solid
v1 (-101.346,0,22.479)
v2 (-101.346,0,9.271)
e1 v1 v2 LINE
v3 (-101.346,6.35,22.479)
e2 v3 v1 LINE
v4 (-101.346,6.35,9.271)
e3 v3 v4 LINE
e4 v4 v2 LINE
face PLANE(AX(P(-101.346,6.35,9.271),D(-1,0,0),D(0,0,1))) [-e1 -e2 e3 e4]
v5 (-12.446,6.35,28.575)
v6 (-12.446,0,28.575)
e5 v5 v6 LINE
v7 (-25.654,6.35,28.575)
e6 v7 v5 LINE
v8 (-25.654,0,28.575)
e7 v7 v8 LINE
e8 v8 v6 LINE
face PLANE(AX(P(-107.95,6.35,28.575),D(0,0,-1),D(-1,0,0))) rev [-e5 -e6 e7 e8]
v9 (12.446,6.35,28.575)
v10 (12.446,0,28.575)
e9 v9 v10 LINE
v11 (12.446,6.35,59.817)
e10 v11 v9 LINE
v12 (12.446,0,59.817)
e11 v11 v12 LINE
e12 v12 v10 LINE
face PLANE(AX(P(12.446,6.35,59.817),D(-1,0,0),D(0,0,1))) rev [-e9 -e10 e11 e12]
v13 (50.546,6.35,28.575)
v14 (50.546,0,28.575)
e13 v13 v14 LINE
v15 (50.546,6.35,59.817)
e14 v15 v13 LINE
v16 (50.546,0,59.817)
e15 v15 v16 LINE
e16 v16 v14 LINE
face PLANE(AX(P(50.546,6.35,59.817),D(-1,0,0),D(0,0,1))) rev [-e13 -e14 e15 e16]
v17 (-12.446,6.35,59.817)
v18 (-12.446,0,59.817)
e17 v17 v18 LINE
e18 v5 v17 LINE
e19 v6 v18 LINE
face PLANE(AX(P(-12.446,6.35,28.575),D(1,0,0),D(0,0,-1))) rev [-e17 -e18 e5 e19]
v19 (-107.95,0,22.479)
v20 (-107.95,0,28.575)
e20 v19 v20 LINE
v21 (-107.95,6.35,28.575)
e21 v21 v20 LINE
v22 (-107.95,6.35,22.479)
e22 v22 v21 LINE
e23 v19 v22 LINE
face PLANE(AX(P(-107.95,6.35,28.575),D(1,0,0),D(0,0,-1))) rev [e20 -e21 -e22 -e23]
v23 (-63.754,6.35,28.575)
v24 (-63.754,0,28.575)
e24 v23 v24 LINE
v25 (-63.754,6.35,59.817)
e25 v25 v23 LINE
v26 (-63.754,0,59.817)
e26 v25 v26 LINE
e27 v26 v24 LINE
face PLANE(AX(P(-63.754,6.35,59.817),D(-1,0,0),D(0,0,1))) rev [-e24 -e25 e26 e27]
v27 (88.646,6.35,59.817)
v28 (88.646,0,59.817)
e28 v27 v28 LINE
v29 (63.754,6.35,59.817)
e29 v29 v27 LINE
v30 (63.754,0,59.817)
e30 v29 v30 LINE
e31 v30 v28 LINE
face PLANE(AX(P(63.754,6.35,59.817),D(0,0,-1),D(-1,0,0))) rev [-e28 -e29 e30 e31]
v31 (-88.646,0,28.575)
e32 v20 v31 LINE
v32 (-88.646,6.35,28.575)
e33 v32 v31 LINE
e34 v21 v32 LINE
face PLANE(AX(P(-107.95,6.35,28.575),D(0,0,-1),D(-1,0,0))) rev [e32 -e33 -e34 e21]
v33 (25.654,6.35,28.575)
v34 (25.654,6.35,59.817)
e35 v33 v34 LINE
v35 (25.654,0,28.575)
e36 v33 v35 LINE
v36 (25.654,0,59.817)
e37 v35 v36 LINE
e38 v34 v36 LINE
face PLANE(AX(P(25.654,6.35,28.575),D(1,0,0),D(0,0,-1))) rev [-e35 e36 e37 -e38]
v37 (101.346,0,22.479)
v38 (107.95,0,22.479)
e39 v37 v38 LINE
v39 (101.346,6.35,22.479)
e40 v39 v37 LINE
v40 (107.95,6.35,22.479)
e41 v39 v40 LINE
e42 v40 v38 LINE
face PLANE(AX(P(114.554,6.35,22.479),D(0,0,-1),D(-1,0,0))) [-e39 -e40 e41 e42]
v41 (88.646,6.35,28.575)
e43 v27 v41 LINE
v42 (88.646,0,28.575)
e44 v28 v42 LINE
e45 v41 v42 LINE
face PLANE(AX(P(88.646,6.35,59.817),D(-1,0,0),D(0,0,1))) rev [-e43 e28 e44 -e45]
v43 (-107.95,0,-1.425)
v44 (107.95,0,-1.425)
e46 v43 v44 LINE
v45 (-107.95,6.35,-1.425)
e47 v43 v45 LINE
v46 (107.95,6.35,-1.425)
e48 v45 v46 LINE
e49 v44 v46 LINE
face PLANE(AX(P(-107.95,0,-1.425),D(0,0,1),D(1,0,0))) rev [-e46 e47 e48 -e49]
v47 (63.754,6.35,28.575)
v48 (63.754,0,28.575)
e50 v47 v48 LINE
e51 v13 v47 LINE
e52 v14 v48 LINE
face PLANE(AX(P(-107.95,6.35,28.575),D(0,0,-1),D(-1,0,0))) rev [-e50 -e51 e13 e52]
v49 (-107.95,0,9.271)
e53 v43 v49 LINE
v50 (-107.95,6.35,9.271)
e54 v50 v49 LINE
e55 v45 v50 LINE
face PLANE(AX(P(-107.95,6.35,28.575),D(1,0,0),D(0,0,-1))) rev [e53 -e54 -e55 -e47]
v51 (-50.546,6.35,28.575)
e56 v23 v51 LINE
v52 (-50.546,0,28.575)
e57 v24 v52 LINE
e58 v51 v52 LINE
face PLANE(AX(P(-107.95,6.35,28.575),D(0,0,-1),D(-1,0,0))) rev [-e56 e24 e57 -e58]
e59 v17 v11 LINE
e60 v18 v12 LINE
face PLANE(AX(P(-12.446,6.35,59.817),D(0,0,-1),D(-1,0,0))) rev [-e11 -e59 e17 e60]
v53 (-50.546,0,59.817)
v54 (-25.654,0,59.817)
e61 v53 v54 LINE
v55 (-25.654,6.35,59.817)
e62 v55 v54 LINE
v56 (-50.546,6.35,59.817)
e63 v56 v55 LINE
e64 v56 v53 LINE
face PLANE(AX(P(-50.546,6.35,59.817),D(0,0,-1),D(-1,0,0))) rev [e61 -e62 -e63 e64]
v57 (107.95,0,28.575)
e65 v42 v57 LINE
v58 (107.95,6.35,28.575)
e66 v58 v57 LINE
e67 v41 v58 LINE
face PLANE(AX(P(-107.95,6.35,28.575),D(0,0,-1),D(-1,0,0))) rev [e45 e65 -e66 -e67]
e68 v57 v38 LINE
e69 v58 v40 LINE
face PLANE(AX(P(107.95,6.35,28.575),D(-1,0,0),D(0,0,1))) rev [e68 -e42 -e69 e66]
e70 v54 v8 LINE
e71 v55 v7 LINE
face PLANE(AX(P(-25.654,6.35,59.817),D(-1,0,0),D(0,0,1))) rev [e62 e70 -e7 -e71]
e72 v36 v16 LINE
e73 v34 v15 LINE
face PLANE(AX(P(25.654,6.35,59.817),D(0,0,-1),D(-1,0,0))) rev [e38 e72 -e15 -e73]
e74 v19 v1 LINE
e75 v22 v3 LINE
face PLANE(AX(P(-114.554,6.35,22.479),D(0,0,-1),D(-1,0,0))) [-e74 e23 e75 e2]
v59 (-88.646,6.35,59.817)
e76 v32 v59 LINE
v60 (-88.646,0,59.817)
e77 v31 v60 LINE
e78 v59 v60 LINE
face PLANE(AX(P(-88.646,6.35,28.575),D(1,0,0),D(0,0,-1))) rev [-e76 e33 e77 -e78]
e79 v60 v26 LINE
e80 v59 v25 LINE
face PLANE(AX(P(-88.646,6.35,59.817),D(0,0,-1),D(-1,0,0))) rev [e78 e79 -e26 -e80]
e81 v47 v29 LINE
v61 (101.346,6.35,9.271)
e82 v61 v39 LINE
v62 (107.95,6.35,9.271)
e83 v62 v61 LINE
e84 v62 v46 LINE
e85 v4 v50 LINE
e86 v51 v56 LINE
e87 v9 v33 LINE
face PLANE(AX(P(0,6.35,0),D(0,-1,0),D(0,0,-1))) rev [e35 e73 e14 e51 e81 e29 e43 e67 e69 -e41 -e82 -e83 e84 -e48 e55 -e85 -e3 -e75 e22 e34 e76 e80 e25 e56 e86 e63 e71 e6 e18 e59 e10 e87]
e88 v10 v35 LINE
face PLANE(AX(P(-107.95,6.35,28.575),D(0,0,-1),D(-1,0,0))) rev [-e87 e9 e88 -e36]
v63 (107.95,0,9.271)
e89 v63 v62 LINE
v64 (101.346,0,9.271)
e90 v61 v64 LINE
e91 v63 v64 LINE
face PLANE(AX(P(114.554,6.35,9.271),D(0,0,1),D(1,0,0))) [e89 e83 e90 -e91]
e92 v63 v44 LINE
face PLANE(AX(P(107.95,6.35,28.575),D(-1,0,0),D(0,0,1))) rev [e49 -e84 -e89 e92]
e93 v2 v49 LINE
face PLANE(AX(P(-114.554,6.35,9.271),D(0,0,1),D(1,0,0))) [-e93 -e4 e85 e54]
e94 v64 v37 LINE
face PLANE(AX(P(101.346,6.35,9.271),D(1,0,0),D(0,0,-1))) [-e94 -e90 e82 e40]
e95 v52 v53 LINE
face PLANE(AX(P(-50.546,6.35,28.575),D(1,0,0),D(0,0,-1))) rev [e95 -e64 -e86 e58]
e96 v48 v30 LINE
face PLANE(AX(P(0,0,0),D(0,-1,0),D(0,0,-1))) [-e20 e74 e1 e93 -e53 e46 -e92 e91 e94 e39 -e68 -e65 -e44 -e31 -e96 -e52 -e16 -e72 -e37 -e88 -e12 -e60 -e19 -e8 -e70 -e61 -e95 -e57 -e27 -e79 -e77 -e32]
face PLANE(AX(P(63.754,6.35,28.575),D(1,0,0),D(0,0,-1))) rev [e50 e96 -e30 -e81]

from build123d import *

# Parameters (mm, degrees)
SKETCH1_W           = 215.9
SKETCH1_H           = 57.15
BOSS_EXTRUDE1_DEPTH = 6.35
SKETCH3_W           = 24.892
SKETCH3_H           = 31.242
BOSS_EXTRUDE2_DEPTH = 6.35
SKETCH4_W           = 13.208
SKETCH4_H           = 13.208
CUT_EXTRUDE2_DEPTH  = 124.578309136
SKETCH5_W           = 279.767575851
SKETCH5_H           = 12.7
CUT_EXTRUDE3_DEPTH  = 124.578309136
SKETCH6_W           = 215.9
SKETCH6_H           = 14.45
CUT_EXTRUDE4_DEPTH  = 124.578309136


with BuildPart() as part:
    # Sketch1 → Boss-Extrude1 (new body)
    with BuildSketch(Plane(origin=(0, 0, 0), x_dir=(1, 0, 0), z_dir=(0, 1, 0))):
        Rectangle(SKETCH1_W, SKETCH1_H)
    extrude(amount=BOSS_EXTRUDE1_DEPTH)

    # Sketch3 → Boss-Extrude2 (add)
    with BuildSketch(Plane(origin=(0, 0, 0), x_dir=(1, 0, 0), z_dir=(0, 1, 0))):
        with Locations((-76.2, -44.196)):
            Rectangle(SKETCH3_W, SKETCH3_H)
        with Locations((-38.1, -44.196)):
            Rectangle(SKETCH3_W, SKETCH3_H)
        with Locations((0, -44.196)):
            Rectangle(SKETCH3_W, SKETCH3_H)
        with Locations((38.1, -44.196)):
            Rectangle(SKETCH3_W, SKETCH3_H)
        with Locations((76.2, -44.196)):
            Rectangle(SKETCH3_W, SKETCH3_H)
    extrude(amount=BOSS_EXTRUDE2_DEPTH)

    # Sketch4 → Cut-Extrude2 (cut, through all)
    with BuildSketch(Plane(origin=(0, 0, 0), x_dir=(1, 0, 0), z_dir=(0, 1, 0))):
        with Locations((-107.95, 9.525)):
            Rectangle(SKETCH4_W, SKETCH4_H)
        with Locations((-107.95, -15.875)):
            Rectangle(SKETCH4_W, SKETCH4_H)
        with Locations((107.95, -15.875)):
            Rectangle(SKETCH4_W, SKETCH4_H)
        with Locations((107.95, 9.525)):
            Rectangle(SKETCH4_W, SKETCH4_H)
    extrude(amount=CUT_EXTRUDE2_DEPTH, mode=Mode.SUBTRACT)

    # Sketch5 → Cut-Extrude3 (cut, through all)
    with BuildSketch(Plane(origin=(0, 6.35, 0), x_dir=(1, 0, 0), z_dir=(0, 1, 0))):
        with Locations((31.933787926, 22.225)):
            Rectangle(SKETCH5_W, SKETCH5_H)
    extrude(amount=-CUT_EXTRUDE3_DEPTH, mode=Mode.SUBTRACT)

    # Sketch6 → Cut-Extrude4 (cut, through all)
    with BuildSketch(Plane(origin=(0, 6.35, 0), x_dir=(1, 0, 0), z_dir=(0, 1, 0))):
        with Locations((0, 8.65)):
            Rectangle(SKETCH6_W, SKETCH6_H)
    extrude(amount=-CUT_EXTRUDE4_DEPTH, mode=Mode.SUBTRACT)


solid = part.part
